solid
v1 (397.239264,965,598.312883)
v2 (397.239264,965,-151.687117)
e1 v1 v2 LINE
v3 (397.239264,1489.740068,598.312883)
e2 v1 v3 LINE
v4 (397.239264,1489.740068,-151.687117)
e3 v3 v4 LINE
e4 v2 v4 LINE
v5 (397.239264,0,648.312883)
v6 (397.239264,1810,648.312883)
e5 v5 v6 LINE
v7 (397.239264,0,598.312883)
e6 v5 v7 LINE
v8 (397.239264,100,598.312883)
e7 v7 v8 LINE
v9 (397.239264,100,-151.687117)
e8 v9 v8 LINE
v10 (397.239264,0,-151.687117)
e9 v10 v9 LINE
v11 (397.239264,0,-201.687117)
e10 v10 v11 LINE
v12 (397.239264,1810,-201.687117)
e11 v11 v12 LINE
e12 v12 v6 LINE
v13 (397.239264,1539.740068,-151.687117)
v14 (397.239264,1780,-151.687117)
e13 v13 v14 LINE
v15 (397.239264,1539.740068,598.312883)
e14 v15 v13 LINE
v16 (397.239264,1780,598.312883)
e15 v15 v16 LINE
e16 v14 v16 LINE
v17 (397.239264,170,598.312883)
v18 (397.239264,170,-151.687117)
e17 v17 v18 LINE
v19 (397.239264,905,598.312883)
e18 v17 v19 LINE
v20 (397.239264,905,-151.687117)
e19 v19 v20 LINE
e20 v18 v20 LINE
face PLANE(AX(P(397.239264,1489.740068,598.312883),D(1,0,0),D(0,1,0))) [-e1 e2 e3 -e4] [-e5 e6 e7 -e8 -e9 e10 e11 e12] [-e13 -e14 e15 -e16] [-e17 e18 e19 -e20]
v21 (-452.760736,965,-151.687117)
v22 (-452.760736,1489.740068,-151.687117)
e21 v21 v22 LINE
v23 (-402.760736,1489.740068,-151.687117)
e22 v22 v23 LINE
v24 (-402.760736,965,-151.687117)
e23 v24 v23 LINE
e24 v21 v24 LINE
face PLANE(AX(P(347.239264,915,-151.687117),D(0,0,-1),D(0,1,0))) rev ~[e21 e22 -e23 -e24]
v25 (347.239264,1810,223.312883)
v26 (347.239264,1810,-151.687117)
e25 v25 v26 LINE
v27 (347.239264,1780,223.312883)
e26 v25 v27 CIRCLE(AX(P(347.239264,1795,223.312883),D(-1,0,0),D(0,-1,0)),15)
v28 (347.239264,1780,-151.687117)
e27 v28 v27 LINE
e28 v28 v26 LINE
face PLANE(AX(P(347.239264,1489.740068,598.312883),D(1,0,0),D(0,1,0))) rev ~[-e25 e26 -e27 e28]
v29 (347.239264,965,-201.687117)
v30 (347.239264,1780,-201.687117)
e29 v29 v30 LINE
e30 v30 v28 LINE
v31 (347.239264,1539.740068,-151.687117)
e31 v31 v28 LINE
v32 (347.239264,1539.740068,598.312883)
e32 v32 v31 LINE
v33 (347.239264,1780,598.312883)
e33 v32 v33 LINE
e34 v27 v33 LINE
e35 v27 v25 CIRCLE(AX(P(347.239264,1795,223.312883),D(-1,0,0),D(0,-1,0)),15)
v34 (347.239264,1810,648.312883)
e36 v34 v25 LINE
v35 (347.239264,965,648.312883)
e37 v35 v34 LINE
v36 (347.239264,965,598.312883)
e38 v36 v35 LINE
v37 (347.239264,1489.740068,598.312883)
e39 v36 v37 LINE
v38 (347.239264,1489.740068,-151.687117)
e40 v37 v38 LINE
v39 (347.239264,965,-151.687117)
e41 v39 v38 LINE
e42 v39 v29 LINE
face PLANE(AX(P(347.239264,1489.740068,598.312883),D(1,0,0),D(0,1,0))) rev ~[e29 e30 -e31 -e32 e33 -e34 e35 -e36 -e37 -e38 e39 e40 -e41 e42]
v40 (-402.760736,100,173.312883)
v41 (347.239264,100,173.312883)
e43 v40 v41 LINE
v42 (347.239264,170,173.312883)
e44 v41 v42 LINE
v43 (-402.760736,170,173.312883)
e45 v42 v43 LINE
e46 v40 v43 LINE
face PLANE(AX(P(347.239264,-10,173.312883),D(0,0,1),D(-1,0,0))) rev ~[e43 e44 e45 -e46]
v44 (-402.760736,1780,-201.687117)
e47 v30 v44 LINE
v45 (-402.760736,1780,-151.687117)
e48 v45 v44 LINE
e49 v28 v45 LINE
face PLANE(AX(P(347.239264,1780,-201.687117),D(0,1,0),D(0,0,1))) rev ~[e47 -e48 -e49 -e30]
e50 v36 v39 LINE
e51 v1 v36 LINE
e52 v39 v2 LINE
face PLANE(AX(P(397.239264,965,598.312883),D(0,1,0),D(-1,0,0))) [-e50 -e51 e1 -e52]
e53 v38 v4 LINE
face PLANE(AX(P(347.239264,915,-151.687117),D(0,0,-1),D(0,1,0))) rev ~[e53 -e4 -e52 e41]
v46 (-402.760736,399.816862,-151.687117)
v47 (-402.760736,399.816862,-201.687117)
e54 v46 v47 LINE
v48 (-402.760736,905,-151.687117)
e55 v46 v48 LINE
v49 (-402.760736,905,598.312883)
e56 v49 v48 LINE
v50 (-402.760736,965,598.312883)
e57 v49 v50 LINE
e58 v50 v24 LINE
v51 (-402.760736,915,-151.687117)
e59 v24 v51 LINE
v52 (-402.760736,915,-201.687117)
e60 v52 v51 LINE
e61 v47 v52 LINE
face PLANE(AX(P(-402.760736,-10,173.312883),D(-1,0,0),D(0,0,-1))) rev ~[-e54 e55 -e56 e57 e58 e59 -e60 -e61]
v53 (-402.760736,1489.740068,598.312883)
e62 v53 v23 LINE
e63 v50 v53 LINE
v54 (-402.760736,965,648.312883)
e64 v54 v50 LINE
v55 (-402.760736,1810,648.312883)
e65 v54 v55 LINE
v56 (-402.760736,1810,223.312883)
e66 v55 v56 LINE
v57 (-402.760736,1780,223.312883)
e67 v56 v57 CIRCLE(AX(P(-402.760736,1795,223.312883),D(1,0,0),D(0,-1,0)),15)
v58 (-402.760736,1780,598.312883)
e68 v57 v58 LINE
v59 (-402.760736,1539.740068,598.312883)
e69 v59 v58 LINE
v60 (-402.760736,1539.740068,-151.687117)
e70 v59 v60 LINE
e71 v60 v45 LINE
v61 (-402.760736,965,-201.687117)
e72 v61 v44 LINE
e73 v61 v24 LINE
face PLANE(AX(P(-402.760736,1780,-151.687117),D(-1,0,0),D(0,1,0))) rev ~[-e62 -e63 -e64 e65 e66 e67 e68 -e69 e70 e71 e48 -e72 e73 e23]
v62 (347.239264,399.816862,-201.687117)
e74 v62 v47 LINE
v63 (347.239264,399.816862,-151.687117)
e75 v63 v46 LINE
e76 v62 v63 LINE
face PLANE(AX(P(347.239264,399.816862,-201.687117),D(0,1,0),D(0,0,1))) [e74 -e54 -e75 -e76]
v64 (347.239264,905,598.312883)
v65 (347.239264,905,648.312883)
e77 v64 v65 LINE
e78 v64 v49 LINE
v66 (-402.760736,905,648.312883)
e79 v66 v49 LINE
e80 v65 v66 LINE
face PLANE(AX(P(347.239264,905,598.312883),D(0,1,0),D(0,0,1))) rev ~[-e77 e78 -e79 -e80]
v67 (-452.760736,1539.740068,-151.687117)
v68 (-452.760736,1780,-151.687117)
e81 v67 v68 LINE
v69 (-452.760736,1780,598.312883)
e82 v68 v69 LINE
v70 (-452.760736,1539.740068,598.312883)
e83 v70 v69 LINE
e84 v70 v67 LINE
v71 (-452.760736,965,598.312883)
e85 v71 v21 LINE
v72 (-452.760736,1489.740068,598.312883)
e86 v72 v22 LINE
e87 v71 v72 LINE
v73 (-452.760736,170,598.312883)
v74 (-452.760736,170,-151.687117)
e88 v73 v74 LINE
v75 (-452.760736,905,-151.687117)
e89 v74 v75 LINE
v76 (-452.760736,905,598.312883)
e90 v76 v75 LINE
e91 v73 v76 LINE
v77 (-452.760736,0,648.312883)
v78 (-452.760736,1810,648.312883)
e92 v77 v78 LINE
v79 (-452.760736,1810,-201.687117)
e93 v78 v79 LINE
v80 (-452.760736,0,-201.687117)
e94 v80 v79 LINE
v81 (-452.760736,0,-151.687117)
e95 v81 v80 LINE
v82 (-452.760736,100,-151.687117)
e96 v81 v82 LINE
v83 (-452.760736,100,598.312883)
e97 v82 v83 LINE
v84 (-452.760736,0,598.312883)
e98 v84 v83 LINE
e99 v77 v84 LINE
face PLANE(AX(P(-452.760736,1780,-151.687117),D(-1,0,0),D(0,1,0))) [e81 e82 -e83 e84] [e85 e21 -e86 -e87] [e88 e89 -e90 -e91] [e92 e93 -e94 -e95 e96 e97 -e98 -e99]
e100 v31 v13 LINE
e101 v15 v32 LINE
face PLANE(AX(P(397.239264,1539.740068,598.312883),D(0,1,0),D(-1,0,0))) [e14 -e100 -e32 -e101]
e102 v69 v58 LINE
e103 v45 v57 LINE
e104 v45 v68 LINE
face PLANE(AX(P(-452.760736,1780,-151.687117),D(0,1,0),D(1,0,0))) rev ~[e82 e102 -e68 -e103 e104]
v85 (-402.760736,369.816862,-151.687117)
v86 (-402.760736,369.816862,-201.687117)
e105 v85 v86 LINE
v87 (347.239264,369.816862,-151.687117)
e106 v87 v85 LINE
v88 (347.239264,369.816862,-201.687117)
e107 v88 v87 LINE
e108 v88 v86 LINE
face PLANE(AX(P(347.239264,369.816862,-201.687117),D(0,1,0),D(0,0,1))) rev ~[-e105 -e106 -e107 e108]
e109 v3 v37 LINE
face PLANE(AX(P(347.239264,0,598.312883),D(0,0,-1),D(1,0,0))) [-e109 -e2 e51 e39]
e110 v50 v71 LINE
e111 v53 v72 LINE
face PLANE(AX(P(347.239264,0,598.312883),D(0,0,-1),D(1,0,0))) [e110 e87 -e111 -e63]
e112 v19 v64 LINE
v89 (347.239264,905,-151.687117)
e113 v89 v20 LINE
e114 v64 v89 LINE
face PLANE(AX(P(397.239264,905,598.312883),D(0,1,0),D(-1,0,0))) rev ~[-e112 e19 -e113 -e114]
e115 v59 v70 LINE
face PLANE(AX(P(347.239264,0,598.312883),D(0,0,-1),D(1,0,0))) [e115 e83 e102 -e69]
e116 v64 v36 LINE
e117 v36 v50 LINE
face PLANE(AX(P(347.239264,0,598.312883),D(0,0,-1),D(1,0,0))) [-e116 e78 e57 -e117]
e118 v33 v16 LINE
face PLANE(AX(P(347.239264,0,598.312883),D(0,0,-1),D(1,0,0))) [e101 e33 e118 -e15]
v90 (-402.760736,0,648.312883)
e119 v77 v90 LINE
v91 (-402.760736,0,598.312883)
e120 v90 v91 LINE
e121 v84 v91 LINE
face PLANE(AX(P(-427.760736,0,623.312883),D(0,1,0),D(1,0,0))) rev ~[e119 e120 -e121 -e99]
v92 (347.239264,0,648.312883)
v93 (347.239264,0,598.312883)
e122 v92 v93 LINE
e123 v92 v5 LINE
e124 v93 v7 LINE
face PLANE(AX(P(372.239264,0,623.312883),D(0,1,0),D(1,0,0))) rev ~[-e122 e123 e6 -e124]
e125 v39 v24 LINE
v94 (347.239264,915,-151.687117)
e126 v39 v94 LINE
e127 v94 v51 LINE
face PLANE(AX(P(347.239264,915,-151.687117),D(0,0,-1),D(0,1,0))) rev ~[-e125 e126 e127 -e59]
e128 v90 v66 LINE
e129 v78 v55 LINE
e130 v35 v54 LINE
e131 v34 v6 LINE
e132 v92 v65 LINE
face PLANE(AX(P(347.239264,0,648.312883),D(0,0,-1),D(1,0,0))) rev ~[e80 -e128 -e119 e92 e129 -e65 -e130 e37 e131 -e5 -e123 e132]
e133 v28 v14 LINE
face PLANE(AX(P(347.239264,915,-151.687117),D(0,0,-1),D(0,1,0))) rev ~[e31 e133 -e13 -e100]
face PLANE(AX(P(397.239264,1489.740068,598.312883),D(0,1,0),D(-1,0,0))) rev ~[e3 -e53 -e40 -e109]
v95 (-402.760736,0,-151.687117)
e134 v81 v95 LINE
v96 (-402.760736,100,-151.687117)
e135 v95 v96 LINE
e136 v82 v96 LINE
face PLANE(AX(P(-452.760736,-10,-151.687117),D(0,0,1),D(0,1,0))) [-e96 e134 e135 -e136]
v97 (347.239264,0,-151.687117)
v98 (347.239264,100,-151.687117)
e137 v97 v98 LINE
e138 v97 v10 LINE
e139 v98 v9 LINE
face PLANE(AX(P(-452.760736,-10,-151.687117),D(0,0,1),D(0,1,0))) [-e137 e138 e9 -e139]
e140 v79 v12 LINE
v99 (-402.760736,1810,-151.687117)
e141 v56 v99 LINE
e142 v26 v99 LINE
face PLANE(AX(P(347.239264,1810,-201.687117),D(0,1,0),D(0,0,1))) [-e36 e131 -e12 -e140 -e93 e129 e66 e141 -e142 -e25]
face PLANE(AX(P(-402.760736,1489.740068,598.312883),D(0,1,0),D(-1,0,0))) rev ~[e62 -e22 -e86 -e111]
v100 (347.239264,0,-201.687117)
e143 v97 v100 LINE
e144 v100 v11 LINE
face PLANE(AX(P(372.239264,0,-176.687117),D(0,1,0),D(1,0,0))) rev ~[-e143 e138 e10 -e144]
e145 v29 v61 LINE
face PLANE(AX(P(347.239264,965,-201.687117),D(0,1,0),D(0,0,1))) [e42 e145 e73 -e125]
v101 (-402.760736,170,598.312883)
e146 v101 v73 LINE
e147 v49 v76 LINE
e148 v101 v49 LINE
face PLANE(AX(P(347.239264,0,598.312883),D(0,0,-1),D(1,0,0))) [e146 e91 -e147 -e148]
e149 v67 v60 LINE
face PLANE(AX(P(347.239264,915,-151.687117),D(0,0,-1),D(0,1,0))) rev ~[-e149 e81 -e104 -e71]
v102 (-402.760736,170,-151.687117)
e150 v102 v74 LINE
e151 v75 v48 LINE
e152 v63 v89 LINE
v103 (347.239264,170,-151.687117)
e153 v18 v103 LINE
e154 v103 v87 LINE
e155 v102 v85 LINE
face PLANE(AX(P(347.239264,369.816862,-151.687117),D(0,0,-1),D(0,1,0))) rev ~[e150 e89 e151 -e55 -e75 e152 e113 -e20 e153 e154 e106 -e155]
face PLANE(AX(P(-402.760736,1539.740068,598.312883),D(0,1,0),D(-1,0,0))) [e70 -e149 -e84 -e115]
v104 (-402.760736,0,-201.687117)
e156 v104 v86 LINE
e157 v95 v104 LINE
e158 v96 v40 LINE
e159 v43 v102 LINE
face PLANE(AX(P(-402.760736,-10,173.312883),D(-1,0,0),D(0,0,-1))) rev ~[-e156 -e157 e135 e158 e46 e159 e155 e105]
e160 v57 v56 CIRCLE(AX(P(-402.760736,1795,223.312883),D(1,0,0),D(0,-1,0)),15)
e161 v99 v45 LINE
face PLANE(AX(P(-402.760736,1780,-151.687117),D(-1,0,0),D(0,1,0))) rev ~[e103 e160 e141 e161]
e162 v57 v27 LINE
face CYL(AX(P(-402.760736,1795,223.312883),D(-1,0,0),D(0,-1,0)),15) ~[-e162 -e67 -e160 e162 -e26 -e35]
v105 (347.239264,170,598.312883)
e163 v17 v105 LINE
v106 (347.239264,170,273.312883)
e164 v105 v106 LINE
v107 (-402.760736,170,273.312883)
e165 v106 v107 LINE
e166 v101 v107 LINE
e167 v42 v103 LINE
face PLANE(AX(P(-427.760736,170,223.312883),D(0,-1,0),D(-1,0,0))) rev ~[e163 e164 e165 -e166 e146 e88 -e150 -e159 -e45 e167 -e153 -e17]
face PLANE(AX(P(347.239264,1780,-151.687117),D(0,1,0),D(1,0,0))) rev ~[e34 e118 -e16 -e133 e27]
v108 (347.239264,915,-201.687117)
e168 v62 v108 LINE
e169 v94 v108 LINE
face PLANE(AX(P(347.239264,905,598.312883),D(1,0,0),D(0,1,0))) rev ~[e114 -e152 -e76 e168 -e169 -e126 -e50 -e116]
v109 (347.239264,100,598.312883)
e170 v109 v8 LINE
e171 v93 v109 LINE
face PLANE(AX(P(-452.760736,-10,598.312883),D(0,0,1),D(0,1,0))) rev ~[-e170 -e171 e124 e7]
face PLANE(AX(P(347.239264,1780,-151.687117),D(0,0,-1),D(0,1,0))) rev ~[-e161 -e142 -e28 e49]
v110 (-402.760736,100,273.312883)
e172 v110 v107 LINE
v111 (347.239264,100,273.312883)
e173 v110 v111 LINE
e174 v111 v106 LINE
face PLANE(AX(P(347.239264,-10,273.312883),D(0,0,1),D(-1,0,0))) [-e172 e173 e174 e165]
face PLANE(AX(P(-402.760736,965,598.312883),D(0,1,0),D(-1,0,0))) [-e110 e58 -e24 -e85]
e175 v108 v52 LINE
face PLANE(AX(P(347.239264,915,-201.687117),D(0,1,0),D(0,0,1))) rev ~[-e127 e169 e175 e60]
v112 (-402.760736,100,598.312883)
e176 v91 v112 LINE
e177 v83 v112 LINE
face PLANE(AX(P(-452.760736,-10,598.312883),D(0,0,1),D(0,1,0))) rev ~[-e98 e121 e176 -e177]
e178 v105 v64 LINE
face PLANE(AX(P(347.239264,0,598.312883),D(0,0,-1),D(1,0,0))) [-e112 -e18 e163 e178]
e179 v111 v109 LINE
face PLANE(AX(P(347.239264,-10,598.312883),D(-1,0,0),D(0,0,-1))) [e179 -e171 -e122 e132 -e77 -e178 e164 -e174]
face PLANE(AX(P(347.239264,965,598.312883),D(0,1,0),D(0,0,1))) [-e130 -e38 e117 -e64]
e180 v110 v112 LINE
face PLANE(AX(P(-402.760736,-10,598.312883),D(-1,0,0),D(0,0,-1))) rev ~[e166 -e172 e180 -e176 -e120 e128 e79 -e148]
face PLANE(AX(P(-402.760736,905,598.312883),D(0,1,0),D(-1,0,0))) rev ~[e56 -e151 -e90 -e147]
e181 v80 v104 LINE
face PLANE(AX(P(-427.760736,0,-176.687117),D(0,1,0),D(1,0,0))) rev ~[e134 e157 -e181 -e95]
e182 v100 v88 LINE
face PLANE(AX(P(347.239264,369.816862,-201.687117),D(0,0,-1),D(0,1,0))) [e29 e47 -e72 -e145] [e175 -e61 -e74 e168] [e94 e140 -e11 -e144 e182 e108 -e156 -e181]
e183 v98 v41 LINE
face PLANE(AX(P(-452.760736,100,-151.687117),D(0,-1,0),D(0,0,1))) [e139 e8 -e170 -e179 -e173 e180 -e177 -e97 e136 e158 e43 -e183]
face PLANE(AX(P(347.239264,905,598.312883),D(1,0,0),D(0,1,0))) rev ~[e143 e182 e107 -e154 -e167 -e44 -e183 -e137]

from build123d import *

# Parameters (mm, degrees)
SKETCH1_W             = 50
SKETCH1_H             = 50
BOSS_EXTRUDE1_DEPTH   = 1810
BOSS_EXTRUDE1_2_DEPTH = 1810
BOSS_EXTRUDE1_3_DEPTH = 1810
BOSS_EXTRUDE1_4_DEPTH = 1810
BOSS_EXTRUDE2_START   = 10
SKETCH2_W             = 50
SKETCH2_H             = 750
SKETCH2_W_2           = 750
SKETCH2_H_2           = 100
BOSS_EXTRUDE2_DEPTH   = 180
SKETCH4_W             = 750
SKETCH4_H             = 110
CUT_EXTRUDE4_DEPTH    = 1050
SKETCH5_W             = 50
SKETCH5_H             = 50
SKETCH5_H_2           = 60
BOSS_EXTRUDE3_DEPTH   = 770
SKETCH6_W             = 50
SKETCH6_H             = 60
BOSS_EXTRUDE4_DEPTH   = 770
SKETCH8_W             = 50
SKETCH8_H             = 50
BOSS_EXTRUDE5_DEPTH   = 770
SKETCH9_W             = 50
SKETCH9_H             = 30
BOSS_EXTRUDE6_DEPTH   = 770
SKETCH10_R            = 15
BOSS_EXTRUDE7_DEPTH   = 770
SKETCH11_W            = 50
SKETCH11_H            = 30
BOSS_EXTRUDE8_DEPTH   = 770
SKETCH12_W            = 50
SKETCH12_H            = 30
BOSS_EXTRUDE9_DEPTH   = 770


with BuildPart() as part:
    # Sketch1 → Boss-Extrude1 (new body)
    with BuildSketch(Plane(origin=(0, 0, 0), x_dir=(1, 0, 0), z_dir=(0, 1, 0))):
        with Locations((-427.760736196, -623.312883436)):
            Rectangle(SKETCH1_W, SKETCH1_H)
    extrude(amount=BOSS_EXTRUDE1_DEPTH)



with BuildPart() as body_2:
    # Sketch1 → Boss-Extrude1 2 (new body)
    with BuildSketch(Plane(origin=(0, 0, 0), x_dir=(1, 0, 0), z_dir=(0, 1, 0))):
        with Locations((372.239263804, -623.312883436)):
            Rectangle(SKETCH1_W, SKETCH1_H)
    extrude(amount=BOSS_EXTRUDE1_2_DEPTH)


with BuildPart() as body_3:
    # Sketch1 → Boss-Extrude1 3 (new body)
    with BuildSketch(Plane(origin=(0, 0, 0), x_dir=(1, 0, 0), z_dir=(0, 1, 0))):
        with Locations((372.239263804, 176.687116564)):
            Rectangle(SKETCH1_W, SKETCH1_H)
    extrude(amount=BOSS_EXTRUDE1_3_DEPTH)


with BuildPart() as body_4:
    # Sketch1 → Boss-Extrude1 4 (new body)
    with BuildSketch(Plane(origin=(0, 0, 0), x_dir=(1, 0, 0), z_dir=(0, 1, 0))):
        with Locations((-427.760736196, 176.687116564)):
            Rectangle(SKETCH1_W, SKETCH1_H)
    extrude(amount=BOSS_EXTRUDE1_4_DEPTH)


with BuildPart() as part_1:
    add(part.part)

    add(body_2.part)  # Boss-Extrude2 merges body 2

    add(body_3.part)  # Boss-Extrude2 merges body 3

    add(body_4.part)  # Boss-Extrude2 merges body 4
    # Sketch2 → Boss-Extrude2 (add)
    with BuildSketch(Plane(origin=(0, 0, 0), x_dir=(-1, 0, 0), z_dir=(0, -1, 0)).offset(BOSS_EXTRUDE2_START)):
        with Locations((427.760736196, -223.312883436)):
            Rectangle(SKETCH2_W, SKETCH2_H)
        with Locations((27.760736196, -223.312883436)):
            Rectangle(SKETCH2_W_2, SKETCH2_H_2)
        with Locations((-372.239263804, -223.312883436)):
            Rectangle(SKETCH2_W, SKETCH2_H)
    extrude(amount=-BOSS_EXTRUDE2_DEPTH)

    # Sketch4 → Cut-Extrude4 (cut)
    with BuildSketch(Plane.ZY.offset(452.760736196)):
        with Locations((223.312883436, 45)):
            Rectangle(SKETCH4_W, SKETCH4_H)
    extrude(amount=-CUT_EXTRUDE4_DEPTH, mode=Mode.SUBTRACT)

    # Sketch5 → Boss-Extrude3 (add)
    with BuildSketch(Plane.ZY.offset(-347.239263804)):
        with Locations((-176.687116564, 940)):
            Rectangle(SKETCH5_W, SKETCH5_H)
        with Locations((623.312883436, 935)):
            Rectangle(SKETCH5_W, SKETCH5_H_2)
    extrude(amount=BOSS_EXTRUDE3_DEPTH)

    # Sketch6 → Boss-Extrude4 (add)
    with BuildSketch(Plane(origin=(0, 0, 598.312883436), x_dir=(-1, 0, 0), z_dir=(0, 0, -1))):
        with Locations((-372.239263804, 935)):
            Rectangle(SKETCH6_W, SKETCH6_H)
        with Locations((427.760736196, 935)):
            Rectangle(SKETCH6_W, SKETCH6_H)
    extrude(amount=BOSS_EXTRUDE4_DEPTH)

    # Sketch8 → Boss-Extrude5 (add)
    with BuildSketch(Plane(origin=(0, 0, 598.312883436), x_dir=(-1, 0, 0), z_dir=(0, 0, -1))):
        with Locations((-372.239263804, 1514.740067664)):
            Rectangle(SKETCH8_W, SKETCH8_H)
        with Locations((427.760736196, 1514.740067664)):
            Rectangle(SKETCH8_W, SKETCH8_H)
    extrude(amount=BOSS_EXTRUDE5_DEPTH)

    # Sketch9 → Boss-Extrude6 (add)
    with BuildSketch(Plane.XY.offset(-151.687116564)):
        with Locations((-427.760736196, 1795)):
            Rectangle(SKETCH9_W, SKETCH9_H)
        with Locations((372.239263804, 1795)):
            Rectangle(SKETCH9_W, SKETCH9_H)
    extrude(amount=BOSS_EXTRUDE6_DEPTH)

    # Sketch10 → Boss-Extrude7 (add)
    with BuildSketch(Plane(origin=(-402.760736196, 0, 0), x_dir=(0, 0, -1), z_dir=(1, 0, 0))):
        with Locations(Location((-223.312883436, 1795, 0), (0, 0, 270))):
            Circle(SKETCH10_R)
    extrude(amount=BOSS_EXTRUDE7_DEPTH)

    # Sketch11 → Boss-Extrude8 (add)
    with BuildSketch(Plane.ZY.offset(-347.239263804)):
        with Locations((-176.687116564, 1795)):
            Rectangle(SKETCH11_W, SKETCH11_H)
    extrude(amount=BOSS_EXTRUDE8_DEPTH)

    # Sketch12 → Boss-Extrude9 (add)
    with BuildSketch(Plane.ZY.offset(-347.239263804)):
        with Locations((-176.687116564, 384.816862376)):
            Rectangle(SKETCH12_W, SKETCH12_H)
    extrude(amount=BOSS_EXTRUDE9_DEPTH)


solid = part_1.part
